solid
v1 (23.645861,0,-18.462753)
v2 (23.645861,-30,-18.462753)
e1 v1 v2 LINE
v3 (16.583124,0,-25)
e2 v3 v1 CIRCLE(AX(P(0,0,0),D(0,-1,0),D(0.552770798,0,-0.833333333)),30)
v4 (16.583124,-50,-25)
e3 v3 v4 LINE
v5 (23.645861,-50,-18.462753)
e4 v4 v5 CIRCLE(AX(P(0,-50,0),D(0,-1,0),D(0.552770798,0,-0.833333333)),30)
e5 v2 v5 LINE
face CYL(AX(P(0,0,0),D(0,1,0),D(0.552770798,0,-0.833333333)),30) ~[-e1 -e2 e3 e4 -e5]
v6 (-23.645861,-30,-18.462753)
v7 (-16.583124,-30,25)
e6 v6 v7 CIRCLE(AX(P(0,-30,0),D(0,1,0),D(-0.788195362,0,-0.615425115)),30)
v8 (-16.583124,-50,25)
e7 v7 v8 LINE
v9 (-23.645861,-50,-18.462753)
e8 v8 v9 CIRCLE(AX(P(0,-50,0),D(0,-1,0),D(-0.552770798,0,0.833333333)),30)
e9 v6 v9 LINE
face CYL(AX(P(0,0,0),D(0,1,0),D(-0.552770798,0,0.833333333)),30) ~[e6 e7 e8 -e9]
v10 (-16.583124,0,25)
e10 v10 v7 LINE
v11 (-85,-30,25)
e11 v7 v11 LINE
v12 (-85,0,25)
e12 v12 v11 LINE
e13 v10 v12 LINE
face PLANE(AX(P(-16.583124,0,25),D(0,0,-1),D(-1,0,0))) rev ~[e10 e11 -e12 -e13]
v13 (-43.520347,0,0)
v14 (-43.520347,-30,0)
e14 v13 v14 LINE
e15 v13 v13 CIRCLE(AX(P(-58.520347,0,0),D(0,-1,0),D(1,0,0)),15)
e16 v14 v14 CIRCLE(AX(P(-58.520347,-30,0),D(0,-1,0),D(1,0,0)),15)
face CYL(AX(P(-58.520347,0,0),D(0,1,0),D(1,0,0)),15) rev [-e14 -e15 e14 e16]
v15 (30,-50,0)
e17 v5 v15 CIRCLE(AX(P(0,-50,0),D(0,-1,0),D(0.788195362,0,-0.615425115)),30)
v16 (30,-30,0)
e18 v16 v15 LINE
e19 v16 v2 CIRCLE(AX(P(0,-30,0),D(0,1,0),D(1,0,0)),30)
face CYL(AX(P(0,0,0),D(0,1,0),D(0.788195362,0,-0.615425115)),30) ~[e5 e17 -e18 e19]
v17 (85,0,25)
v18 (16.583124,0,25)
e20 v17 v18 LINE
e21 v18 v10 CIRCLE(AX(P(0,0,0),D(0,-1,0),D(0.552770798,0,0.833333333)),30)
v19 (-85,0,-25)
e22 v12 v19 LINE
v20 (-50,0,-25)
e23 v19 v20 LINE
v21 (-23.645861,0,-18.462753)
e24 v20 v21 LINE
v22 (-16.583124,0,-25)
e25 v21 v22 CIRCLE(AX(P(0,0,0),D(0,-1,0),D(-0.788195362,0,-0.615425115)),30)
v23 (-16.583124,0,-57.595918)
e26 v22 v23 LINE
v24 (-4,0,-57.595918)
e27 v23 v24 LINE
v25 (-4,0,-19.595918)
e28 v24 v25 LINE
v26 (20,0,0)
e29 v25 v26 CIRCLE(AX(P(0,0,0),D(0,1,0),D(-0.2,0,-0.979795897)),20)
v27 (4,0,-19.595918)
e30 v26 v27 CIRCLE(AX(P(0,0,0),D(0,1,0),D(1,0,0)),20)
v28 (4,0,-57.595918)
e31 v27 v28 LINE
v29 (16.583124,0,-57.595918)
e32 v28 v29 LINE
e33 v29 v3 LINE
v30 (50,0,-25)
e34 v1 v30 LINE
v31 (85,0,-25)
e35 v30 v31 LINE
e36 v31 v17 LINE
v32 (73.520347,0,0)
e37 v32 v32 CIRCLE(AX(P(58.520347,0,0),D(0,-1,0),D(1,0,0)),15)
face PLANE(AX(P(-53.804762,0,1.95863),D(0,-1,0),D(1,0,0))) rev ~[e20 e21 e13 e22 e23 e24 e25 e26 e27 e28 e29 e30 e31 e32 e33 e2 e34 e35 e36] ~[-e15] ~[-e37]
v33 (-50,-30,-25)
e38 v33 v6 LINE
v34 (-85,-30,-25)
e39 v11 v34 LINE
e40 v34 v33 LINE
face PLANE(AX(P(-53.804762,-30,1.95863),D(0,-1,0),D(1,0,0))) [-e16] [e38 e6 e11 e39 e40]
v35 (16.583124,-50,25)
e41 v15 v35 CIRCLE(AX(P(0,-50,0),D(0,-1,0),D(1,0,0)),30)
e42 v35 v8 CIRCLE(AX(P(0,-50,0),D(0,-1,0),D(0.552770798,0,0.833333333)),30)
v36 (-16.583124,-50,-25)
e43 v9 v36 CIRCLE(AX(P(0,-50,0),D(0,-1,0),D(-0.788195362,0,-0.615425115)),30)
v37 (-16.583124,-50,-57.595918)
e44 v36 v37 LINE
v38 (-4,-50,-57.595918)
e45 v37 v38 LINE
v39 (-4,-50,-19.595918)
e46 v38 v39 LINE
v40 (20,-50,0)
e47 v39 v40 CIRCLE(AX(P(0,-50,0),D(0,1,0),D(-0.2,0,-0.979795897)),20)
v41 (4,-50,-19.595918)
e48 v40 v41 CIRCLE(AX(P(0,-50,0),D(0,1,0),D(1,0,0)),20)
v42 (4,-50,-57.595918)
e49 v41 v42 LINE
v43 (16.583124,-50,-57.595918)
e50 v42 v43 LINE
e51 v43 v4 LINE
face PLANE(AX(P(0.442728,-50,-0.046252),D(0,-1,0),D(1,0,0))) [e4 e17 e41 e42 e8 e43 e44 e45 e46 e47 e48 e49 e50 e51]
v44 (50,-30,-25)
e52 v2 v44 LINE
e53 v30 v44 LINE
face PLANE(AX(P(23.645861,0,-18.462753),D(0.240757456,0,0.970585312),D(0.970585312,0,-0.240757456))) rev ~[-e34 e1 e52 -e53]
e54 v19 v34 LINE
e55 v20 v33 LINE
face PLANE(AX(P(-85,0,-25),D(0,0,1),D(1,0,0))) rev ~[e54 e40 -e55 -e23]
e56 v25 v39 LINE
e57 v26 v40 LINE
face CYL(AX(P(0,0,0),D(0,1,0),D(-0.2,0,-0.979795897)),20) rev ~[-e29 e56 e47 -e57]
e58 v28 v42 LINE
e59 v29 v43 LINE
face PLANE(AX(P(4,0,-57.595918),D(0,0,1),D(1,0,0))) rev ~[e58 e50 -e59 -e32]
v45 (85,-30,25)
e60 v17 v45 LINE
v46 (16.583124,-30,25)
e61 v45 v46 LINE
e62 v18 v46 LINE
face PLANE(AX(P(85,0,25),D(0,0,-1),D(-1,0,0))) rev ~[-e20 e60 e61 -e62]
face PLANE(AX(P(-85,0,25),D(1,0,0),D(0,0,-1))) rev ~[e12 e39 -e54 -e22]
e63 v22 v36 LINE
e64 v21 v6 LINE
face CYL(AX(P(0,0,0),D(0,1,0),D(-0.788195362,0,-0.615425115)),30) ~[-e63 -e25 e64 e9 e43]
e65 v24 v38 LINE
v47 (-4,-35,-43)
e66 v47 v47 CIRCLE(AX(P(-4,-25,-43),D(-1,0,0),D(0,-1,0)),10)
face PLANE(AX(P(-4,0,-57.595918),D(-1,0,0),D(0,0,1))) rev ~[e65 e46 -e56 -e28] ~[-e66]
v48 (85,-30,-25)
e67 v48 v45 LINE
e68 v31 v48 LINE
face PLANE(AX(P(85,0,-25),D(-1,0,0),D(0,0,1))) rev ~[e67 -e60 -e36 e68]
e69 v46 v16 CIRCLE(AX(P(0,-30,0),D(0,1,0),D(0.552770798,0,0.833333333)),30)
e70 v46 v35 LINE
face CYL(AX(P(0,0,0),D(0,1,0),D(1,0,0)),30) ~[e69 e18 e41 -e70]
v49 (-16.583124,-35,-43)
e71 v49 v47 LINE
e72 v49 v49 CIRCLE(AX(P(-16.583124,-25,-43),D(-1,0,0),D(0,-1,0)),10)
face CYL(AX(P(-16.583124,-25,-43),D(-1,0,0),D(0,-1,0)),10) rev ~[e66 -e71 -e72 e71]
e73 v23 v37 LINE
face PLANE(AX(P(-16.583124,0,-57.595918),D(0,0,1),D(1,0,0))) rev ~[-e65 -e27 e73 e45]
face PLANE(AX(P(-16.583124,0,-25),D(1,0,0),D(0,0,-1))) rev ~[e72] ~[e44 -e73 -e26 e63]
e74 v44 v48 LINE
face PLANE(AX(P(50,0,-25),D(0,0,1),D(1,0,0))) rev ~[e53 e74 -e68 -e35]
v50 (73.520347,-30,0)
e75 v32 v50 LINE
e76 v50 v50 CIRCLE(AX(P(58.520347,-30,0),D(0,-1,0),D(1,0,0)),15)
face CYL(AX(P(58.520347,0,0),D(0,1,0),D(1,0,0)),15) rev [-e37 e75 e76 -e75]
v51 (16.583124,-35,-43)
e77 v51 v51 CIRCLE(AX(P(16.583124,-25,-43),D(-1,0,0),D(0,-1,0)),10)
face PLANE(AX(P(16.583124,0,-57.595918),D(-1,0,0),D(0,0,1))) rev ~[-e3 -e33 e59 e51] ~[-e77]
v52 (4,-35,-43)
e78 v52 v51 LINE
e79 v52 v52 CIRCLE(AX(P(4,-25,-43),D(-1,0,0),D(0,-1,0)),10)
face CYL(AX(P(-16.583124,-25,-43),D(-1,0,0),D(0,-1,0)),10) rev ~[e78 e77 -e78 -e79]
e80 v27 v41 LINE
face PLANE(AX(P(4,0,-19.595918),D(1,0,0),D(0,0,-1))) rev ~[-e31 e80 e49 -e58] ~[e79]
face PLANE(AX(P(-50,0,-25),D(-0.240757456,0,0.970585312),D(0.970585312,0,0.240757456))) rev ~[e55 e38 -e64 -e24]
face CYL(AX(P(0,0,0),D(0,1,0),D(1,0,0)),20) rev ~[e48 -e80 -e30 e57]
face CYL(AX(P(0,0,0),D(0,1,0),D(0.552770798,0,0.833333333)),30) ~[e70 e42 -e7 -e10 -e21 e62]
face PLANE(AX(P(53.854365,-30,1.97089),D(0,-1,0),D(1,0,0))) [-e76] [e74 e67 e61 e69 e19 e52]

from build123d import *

# Parameters (mm, degrees)
F1_DEPTH = 50
F0_R     = 15
F2_DEPTH = 30
F3_R     = 10
F4_DEPTH = 42.2


with BuildPart() as f1:
    # F0 (on Front) → F1 (new body)
    with BuildSketch(Plane.XZ):
        with BuildLine():
            ThreePointArc((-4, -19.5959179423), (-12.6491106407, 15.4919333848), (20, 0))
            ThreePointArc((20, 0), (15.4919333848, -12.6491106407), (4, -19.5959179423))
            Line((4, -19.5959179423), (4, -25))
            Line((4, -25), (16.5831239518, -25))
            ThreePointArc((16.5831239518, -25), (20.3783390562, -22.0164324383), (23.6458608502, -18.4627534418))
            ThreePointArc((23.6458608502, -18.4627534418), (28.36702157, -9.7627909558), (30, 0))
            ThreePointArc((30, 0), (26.4338203685, 14.1863716546), (16.5831239518, 25))
            Line((16.5831239518, 25), (-16.5831239518, 25))
            ThreePointArc((-16.5831239518, 25), (-29.6115777819, 4.8119082768), (-23.6458608502, -18.4627534418))
            ThreePointArc((-23.6458608502, -18.4627534418), (-20.3783390562, -22.0164324383), (-16.5831239518, -25))
            Line((-16.5831239518, -25), (-4, -25))
            Line((-4, -25), (-4, -19.5959179423))
        make_face()
        with BuildLine():
            ThreePointArc((16.5831239518, 25), (0, 30), (-16.5831239518, 25))
            Line((-16.5831239518, 25), (16.5831239518, 25))
        make_face()
        with BuildLine():
            Line((16.5831239518, -57.5959179423), (16.5831239518, -25))
            ThreePointArc((16.5831239518, -25), (10.5600439971, -28.079983454), (4, -29.7321374946))
            Line((4, -29.7321374946), (4, -57.5959179423))
            Line((4, -57.5959179423), (16.5831239518, -57.5959179423))
        make_face()
        with BuildLine():
            Line((16.5831239518, -25), (4, -25))
            Line((4, -25), (4, -29.7321374946))
            ThreePointArc((4, -29.7321374946), (10.5600439971, -28.079983454), (16.5831239518, -25))
        make_face()
        with BuildLine():
            ThreePointArc((-4, -29.7321374946), (-10.5600439971, -28.079983454), (-16.5831239518, -25))
            Line((-16.5831239518, -25), (-16.5831239518, -57.5959179423))
            Line((-16.5831239518, -57.5959179423), (-4, -57.5959179423))
            Line((-4, -57.5959179423), (-4, -29.7321374946))
        make_face()
        with BuildLine():
            Line((-4, -29.7321374946), (-4, -25))
            Line((-4, -25), (-16.5831239518, -25))
            ThreePointArc((-16.5831239518, -25), (-10.5600439971, -28.079983454), (-4, -29.7321374946))
        make_face()
    extrude(amount=F1_DEPTH)

    # F0 (on Front) → F2 (join)
    with BuildSketch(Plane.XZ):
        with BuildLine():
            Line((-50, -25), (-23.6458608502, -18.4627534418))
            ThreePointArc((-23.6458608502, -18.4627534418), (-29.6115777819, 4.8119082768), (-16.5831239518, 25))
            Line((-16.5831239518, 25), (-85, 25))
            Line((-85, 25), (-85, -25))
            Line((-85, -25), (-50, -25))
        make_face()
        with Locations((-58.52034688, 0)):
            Circle(F0_R, mode=Mode.SUBTRACT)
        with BuildLine():
            ThreePointArc((30, 0), (28.36702157, -9.7627909558), (23.6458608502, -18.4627534418))
            Line((23.6458608502, -18.4627534418), (50, -25))
            Line((50, -25), (85, -25))
            Line((85, -25), (85, 25))
            Line((85, 25), (16.5831239518, 25))
            ThreePointArc((16.5831239518, 25), (26.4338203685, 14.1863716546), (30, 0))
        make_face()
        with Locations((58.52034688, 0)):
            Circle(F0_R, mode=Mode.SUBTRACT)
    extrude(amount=F2_DEPTH)

    # F3 (on face) → F4 (cut)
    with BuildSketch(Plane(origin=(-16.5831239518, 0, 0), x_dir=(0, -1, 0), z_dir=(-1, 0, 0))):
        with Locations((25, -43)):
            Circle(F3_R)
    extrude(amount=-F4_DEPTH, mode=Mode.SUBTRACT)


solid = f1.part
